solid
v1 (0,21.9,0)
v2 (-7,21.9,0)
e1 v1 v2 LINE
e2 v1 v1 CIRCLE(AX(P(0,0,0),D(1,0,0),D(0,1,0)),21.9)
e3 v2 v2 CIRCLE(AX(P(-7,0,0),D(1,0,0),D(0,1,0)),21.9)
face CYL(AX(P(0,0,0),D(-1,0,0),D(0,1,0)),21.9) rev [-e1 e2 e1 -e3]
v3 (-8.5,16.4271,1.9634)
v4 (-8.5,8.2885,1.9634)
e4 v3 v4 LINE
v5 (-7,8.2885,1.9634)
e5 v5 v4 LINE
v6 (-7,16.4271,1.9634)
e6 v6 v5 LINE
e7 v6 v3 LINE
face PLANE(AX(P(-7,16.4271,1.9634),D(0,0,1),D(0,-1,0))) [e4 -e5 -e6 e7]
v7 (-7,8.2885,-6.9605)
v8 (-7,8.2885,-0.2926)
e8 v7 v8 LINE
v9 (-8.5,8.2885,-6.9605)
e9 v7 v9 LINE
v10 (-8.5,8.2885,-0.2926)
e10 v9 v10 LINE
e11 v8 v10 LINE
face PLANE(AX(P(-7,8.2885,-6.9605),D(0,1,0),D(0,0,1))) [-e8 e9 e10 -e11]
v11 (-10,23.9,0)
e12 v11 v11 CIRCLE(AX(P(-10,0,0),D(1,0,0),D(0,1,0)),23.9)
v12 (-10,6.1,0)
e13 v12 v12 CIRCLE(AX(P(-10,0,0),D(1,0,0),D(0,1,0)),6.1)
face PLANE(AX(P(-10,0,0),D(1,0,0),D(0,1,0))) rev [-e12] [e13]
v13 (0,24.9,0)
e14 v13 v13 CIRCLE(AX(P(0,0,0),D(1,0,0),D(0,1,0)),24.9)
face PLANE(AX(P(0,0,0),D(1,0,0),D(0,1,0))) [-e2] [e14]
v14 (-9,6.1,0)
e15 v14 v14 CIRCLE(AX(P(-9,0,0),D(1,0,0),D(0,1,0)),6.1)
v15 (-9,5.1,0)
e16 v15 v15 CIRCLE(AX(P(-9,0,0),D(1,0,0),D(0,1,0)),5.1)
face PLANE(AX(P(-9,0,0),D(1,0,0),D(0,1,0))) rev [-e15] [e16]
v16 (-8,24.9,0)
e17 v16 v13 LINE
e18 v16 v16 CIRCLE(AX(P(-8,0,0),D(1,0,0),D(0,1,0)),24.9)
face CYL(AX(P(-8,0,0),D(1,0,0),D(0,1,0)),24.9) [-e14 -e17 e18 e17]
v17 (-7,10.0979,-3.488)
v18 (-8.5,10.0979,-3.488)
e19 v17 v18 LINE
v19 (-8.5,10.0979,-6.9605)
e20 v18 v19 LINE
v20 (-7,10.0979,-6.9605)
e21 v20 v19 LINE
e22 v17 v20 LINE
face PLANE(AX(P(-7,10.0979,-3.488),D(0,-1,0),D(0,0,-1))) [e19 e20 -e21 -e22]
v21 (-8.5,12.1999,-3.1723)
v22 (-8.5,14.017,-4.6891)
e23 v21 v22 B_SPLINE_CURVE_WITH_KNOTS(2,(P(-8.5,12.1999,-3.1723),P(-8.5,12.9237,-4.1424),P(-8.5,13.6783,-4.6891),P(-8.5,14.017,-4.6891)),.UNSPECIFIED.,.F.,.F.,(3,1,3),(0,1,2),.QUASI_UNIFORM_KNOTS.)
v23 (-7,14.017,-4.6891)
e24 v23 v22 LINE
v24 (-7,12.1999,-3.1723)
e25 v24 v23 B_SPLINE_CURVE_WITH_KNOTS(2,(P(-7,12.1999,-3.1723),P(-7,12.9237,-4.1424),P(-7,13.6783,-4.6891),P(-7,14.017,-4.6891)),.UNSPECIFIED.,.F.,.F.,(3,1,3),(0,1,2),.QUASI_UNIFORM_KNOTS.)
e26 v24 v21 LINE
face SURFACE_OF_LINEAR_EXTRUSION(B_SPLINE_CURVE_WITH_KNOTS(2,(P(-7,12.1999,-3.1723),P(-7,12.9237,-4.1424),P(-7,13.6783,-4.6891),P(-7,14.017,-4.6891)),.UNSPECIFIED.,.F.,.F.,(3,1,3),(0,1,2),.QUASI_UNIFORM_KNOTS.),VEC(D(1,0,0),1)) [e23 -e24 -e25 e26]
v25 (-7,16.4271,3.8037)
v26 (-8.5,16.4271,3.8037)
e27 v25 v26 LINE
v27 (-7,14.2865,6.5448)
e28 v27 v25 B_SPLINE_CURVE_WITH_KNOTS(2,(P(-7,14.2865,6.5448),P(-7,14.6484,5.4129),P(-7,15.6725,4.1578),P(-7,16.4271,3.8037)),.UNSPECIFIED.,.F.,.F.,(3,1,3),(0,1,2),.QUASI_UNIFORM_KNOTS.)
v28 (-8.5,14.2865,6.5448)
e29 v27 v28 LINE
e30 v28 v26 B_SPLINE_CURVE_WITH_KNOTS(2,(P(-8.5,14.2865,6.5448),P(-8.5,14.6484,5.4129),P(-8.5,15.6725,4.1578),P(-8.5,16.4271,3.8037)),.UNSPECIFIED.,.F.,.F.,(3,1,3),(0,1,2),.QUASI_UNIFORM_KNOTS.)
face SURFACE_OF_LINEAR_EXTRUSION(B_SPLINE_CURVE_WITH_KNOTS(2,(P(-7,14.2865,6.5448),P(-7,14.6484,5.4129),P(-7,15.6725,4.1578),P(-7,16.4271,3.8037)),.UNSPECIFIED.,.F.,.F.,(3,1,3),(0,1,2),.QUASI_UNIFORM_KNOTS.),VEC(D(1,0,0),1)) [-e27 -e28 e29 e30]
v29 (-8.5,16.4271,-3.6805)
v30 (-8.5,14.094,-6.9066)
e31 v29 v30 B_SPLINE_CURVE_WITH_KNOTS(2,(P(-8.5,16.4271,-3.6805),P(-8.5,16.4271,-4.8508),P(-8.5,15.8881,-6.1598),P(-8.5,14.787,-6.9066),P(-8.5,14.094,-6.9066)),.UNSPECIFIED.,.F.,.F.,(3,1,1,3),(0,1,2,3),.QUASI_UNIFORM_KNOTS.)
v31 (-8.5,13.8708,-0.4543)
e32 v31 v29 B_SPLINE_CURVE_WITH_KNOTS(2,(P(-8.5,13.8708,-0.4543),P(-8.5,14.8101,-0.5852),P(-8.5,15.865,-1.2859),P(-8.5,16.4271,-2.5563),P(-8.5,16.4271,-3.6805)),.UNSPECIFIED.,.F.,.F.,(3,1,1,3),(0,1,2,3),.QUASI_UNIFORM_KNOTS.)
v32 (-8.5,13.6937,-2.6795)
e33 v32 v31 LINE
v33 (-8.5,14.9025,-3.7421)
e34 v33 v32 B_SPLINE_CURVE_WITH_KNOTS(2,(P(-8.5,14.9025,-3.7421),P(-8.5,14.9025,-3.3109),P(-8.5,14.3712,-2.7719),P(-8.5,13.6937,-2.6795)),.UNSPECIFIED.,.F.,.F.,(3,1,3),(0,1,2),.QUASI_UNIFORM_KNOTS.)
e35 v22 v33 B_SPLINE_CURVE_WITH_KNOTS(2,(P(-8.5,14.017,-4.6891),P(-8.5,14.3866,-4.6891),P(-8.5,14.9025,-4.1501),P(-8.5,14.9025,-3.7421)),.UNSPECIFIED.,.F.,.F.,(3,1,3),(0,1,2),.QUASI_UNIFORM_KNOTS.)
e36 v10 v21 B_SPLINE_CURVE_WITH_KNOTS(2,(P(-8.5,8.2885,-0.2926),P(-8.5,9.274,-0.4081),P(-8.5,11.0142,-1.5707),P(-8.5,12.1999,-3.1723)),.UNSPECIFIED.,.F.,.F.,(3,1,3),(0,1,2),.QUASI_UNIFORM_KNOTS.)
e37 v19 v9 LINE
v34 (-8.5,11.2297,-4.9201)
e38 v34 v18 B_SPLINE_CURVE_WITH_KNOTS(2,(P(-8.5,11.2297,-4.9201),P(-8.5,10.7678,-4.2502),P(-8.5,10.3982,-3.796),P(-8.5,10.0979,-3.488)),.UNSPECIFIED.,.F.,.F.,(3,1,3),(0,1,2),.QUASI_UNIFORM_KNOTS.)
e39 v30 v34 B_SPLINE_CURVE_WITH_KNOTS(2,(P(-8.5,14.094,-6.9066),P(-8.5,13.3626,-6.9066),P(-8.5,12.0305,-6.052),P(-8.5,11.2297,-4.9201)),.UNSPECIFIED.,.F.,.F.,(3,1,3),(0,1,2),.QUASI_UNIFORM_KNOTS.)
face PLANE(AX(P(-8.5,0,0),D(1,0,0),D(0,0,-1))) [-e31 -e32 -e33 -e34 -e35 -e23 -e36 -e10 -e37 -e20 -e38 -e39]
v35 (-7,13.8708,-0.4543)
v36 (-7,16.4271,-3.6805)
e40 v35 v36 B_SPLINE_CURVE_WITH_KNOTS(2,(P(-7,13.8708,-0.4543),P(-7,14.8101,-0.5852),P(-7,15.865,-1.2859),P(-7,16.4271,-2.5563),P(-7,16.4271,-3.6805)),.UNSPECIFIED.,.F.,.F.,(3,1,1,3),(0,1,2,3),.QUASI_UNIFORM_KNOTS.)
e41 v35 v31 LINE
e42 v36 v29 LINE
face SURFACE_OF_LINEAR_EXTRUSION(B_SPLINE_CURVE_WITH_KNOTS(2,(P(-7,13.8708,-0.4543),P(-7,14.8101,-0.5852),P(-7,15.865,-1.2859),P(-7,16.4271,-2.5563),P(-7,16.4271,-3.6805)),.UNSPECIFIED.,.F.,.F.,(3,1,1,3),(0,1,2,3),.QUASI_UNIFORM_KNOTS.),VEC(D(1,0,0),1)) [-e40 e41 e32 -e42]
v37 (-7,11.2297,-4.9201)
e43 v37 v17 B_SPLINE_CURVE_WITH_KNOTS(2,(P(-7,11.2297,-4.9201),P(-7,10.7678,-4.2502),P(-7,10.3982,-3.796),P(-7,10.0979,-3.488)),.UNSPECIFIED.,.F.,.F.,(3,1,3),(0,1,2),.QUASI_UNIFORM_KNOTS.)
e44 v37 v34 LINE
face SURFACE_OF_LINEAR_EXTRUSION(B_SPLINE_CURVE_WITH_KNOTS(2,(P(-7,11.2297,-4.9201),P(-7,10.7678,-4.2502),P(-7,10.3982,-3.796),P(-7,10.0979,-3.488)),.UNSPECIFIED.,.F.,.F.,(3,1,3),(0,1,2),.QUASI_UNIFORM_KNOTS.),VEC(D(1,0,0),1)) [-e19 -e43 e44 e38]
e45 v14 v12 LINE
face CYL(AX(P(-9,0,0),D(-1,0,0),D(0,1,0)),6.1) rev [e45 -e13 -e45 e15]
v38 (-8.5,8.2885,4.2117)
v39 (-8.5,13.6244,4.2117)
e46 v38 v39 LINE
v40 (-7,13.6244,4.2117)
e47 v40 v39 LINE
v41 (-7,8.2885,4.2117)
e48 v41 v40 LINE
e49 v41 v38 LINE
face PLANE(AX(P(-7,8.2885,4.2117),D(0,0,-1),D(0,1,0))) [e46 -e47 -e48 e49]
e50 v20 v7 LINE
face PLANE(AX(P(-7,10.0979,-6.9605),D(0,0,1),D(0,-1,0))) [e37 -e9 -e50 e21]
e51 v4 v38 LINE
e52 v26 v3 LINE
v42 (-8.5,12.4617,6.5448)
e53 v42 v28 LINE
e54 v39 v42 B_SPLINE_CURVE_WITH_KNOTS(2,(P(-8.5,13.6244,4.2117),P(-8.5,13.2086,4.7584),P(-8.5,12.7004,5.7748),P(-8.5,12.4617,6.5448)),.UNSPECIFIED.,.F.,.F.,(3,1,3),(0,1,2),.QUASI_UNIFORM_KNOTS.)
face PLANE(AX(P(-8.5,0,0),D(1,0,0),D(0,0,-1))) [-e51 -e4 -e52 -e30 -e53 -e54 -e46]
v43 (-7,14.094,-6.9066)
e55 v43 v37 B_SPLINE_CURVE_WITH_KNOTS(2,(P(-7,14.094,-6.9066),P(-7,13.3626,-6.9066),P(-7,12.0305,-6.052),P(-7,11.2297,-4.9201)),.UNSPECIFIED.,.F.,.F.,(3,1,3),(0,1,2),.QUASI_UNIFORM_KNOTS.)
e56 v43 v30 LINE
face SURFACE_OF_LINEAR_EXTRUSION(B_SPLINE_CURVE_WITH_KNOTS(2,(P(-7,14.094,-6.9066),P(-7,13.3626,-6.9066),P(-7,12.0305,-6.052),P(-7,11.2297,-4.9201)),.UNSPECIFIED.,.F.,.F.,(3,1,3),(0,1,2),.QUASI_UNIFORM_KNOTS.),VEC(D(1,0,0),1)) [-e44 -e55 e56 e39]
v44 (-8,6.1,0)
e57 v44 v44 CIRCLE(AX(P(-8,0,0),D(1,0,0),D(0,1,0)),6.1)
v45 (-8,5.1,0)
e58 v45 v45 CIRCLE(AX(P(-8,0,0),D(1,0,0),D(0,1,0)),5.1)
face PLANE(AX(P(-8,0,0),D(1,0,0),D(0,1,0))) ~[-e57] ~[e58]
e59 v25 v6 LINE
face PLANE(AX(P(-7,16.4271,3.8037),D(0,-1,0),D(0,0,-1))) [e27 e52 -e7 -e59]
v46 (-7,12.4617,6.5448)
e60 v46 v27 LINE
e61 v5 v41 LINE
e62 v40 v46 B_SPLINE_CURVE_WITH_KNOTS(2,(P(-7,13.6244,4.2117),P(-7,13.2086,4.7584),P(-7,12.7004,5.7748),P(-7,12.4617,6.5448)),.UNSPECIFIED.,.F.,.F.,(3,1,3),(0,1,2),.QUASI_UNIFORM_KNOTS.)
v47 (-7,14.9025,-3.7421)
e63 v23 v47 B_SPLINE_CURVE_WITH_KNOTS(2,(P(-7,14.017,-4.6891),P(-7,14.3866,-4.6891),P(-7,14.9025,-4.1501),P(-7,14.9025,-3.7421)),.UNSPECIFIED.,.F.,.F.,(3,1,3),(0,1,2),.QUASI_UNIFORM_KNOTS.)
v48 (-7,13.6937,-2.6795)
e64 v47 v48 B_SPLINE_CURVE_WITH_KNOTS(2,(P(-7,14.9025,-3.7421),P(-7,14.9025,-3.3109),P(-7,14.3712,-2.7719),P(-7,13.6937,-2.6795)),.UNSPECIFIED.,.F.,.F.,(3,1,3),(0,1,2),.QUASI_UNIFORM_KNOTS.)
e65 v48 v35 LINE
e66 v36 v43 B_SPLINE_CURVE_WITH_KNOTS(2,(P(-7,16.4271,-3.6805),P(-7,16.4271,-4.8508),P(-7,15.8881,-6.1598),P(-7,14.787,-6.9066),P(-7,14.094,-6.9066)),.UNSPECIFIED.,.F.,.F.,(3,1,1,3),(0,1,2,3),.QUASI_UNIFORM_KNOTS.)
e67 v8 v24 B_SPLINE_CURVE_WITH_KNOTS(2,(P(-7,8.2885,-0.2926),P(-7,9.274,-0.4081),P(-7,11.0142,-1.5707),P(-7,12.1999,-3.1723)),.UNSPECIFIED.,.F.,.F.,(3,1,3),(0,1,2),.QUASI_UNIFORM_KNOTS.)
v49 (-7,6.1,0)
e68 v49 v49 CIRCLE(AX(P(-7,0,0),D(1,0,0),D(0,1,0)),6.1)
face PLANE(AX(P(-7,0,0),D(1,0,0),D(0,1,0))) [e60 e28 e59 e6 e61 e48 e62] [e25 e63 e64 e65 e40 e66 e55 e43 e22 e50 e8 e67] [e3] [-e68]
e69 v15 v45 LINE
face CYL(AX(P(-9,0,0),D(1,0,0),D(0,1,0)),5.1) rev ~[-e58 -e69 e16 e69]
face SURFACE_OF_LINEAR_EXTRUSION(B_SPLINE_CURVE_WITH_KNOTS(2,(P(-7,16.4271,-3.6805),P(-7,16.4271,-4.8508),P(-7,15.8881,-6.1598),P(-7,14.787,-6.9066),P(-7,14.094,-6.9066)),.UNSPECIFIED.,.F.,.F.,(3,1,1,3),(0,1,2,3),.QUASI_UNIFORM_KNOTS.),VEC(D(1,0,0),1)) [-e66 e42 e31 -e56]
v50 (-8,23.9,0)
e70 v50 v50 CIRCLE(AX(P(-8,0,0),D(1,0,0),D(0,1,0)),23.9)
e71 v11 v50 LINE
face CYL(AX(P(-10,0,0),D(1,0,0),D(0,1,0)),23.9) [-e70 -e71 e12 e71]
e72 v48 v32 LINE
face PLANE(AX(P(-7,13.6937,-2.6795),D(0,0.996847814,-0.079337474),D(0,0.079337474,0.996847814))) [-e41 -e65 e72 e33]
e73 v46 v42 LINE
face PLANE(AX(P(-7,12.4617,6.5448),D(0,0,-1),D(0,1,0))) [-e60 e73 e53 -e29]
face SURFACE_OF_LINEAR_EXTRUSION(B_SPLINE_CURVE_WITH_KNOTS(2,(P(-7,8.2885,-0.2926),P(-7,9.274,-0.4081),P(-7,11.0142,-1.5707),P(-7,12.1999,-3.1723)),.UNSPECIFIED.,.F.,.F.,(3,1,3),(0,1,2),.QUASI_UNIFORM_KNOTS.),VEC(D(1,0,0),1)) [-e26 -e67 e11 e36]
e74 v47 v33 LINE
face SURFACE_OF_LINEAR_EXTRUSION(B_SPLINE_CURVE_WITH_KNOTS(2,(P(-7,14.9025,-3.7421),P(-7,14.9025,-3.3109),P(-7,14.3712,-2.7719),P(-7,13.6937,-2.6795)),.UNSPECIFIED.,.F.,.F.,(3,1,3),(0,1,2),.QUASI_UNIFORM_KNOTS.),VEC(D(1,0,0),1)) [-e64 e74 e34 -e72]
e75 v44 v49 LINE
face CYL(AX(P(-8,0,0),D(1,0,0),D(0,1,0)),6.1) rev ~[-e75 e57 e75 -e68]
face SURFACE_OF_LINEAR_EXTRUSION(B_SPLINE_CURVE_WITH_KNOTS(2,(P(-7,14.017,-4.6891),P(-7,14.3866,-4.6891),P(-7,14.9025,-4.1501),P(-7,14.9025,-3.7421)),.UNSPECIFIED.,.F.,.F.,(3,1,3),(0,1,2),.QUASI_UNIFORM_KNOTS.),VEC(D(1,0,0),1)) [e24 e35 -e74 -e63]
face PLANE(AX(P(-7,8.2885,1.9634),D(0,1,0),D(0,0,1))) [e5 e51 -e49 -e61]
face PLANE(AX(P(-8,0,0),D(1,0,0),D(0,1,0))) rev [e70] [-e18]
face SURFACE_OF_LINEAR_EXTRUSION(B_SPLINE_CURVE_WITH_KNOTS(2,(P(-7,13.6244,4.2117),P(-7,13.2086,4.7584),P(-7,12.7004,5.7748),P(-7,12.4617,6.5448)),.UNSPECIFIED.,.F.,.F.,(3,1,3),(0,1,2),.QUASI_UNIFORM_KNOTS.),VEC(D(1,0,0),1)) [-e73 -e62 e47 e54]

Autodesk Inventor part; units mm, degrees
ref_plane "YZ Plane" through (0, 0, 0) normal (1, 0, 0) x (0, 1, 0)
ref_plane "XZ Plane" through (0, 0, 0) normal (0, 1, 0) x (-1, 0, 0)
ref_plane "XY Plane" through (0, 0, 0) normal (0, 0, 1) x (1, 0, 0)
sketch "Sketch1" plane through (0, 0, 0) normal (0, 0, 1) x (1, 0, 0)
  line L0 (-12, 0) -> (2, 0) construction
  line L1 (0, -4.98) -> (0, 29.88) construction
  line L2 (-9, 5.1) -> (-9, 6.1)
  line L3 (-9, 6.1) -> (-10, 6.1)
  line L4 (-10, 6.1) -> (-10, 23.9)
  line L5 (-10, 23.9) -> (-8, 23.9)
  line L6 (-8, 23.9) -> (-8, 24.9)
  line L7 (-8, 24.9) -> (0, 24.9)
  line L8 (0, 21.9) -> (-7, 21.9)
  line L9 (-7, 21.9) -> (-7, 6.1)
  line L10 (0, 24.9) -> (0, 21.9)
  line L11 (-9, 5.1) -> (-8, 5.1)
  line L12 (-8, 5.1) -> (-8, 6.1)
  line L13 (-8, 6.1) -> (-7, 6.1)
  point P0 (0, 0)
  dimension "d0" = 49.8
  dimension "d1" = 47.8
  dimension "d3" = 1
  dimension "d4" = 2
  dimension "d7" = 3
  dimension "d8" = 3
  dimension "d10" = 10
  dimension "d17" = 12.2
  dimension "d20" = 1
  dimension "d21" = 1
revolve "Revolution1" add sketch "Sketch1" angle 360 about axis through (-10, 0, 0) along (1, 0, 0)
sketch "Sketch2" plane through (-7, 0, 0) normal (1, 0, 0) x (0, 0, -1)
  line L0 (0, -34.86) -> (0, 34.86) construction
  line L1 (34.86, 0) -> (-34.86, 0) construction
  line L2 (-6.2231, 15.472) -> (6.2231, 15.472) construction
  line L3 (6.2231, 15.472) -> (6.2231, 9.2435) construction
  line L4 (6.2231, 9.2435) -> (-6.2231, 9.2435) construction
  line L5 (-6.2231, 9.2435) -> (-6.2231, 15.472) construction
  line L6 (-1.9634, 16.4271) -> (-1.9634, 8.2885)
  line L7 (-1.9634, 8.2885) -> (-4.2117, 8.2885)
  line L8 (-4.2117, 8.2885) -> (-4.2117, 13.6244)
  spline S0 degree 2 poles (-4.2117, 13.6244) (-4.7584, 13.2086) (-5.7748, 12.7004) (-6.5448, 12.4617) knots 0 0 0 1 2 2 2
  line L9 (-6.5448, 12.4617) -> (-6.5448, 14.2865)
  spline S1 degree 2 poles (-6.5448, 14.2865) (-5.4129, 14.6484) (-4.1578, 15.6725) (-3.8037, 16.4271) knots 0 0 0 1 2 2 2
  line L10 (-3.8037, 16.4271) -> (-1.9634, 16.4271)
  line L11 (6.9605, 8.2885) -> (0.2926, 8.2885)
  spline S2 degree 2 poles (0.2926, 8.2885) (0.4081, 9.274) (1.5707, 11.0142) (3.1723, 12.1999) knots 0 0 0 1 2 2 2
  spline S3 degree 2 poles (3.1723, 12.1999) (4.1424, 12.9237) (4.6891, 13.6783) (4.6891, 14.017) knots 0 0 0 1 2 2 2
  spline S4 degree 2 poles (4.6891, 14.017) (4.6891, 14.3866) (4.1501, 14.9025) (3.7421, 14.9025) knots 0 0 0 1 2 2 2
  spline S5 degree 2 poles (3.7421, 14.9025) (3.3109, 14.9025) (2.7719, 14.3712) (2.6795, 13.6937) knots 0 0 0 1 2 2 2
  line L12 (2.6795, 13.6937) -> (0.4543, 13.8708)
  spline S6 degree 2 poles (0.4543, 13.8708) (0.5852, 14.8101) (1.2859, 15.865) (2.5563, 16.4271) (3.6805, 16.4271) knots 0 0 0 1 2 3 3 3
  spline S7 degree 2 poles (3.6805, 16.4271) (4.8508, 16.4271) (6.1598, 15.8881) (6.9066, 14.787) (6.9066, 14.094) knots 0 0 0 1 2 3 3 3
  spline S8 degree 2 poles (6.9066, 14.094) (6.9066, 13.3626) (6.052, 12.0305) (4.9201, 11.2297) knots 0 0 0 1 2 2 2
  spline S9 degree 2 poles (4.9201, 11.2297) (4.2502, 10.7678) (3.796, 10.3982) (3.488, 10.0979) knots 0 0 0 1 2 2 2
  line L13 (3.488, 10.0979) -> (6.9605, 10.0979)
  line L14 (6.9605, 10.0979) -> (6.9605, 8.2885)
  point P0 (0, 0)
  point P1 (0, 15.472)
extrude "Extrusion1" cut sketch "Sketch2" against normal blind 1.5
properties part number "P114PorteLentille20mm" material "ABS Plastic"
